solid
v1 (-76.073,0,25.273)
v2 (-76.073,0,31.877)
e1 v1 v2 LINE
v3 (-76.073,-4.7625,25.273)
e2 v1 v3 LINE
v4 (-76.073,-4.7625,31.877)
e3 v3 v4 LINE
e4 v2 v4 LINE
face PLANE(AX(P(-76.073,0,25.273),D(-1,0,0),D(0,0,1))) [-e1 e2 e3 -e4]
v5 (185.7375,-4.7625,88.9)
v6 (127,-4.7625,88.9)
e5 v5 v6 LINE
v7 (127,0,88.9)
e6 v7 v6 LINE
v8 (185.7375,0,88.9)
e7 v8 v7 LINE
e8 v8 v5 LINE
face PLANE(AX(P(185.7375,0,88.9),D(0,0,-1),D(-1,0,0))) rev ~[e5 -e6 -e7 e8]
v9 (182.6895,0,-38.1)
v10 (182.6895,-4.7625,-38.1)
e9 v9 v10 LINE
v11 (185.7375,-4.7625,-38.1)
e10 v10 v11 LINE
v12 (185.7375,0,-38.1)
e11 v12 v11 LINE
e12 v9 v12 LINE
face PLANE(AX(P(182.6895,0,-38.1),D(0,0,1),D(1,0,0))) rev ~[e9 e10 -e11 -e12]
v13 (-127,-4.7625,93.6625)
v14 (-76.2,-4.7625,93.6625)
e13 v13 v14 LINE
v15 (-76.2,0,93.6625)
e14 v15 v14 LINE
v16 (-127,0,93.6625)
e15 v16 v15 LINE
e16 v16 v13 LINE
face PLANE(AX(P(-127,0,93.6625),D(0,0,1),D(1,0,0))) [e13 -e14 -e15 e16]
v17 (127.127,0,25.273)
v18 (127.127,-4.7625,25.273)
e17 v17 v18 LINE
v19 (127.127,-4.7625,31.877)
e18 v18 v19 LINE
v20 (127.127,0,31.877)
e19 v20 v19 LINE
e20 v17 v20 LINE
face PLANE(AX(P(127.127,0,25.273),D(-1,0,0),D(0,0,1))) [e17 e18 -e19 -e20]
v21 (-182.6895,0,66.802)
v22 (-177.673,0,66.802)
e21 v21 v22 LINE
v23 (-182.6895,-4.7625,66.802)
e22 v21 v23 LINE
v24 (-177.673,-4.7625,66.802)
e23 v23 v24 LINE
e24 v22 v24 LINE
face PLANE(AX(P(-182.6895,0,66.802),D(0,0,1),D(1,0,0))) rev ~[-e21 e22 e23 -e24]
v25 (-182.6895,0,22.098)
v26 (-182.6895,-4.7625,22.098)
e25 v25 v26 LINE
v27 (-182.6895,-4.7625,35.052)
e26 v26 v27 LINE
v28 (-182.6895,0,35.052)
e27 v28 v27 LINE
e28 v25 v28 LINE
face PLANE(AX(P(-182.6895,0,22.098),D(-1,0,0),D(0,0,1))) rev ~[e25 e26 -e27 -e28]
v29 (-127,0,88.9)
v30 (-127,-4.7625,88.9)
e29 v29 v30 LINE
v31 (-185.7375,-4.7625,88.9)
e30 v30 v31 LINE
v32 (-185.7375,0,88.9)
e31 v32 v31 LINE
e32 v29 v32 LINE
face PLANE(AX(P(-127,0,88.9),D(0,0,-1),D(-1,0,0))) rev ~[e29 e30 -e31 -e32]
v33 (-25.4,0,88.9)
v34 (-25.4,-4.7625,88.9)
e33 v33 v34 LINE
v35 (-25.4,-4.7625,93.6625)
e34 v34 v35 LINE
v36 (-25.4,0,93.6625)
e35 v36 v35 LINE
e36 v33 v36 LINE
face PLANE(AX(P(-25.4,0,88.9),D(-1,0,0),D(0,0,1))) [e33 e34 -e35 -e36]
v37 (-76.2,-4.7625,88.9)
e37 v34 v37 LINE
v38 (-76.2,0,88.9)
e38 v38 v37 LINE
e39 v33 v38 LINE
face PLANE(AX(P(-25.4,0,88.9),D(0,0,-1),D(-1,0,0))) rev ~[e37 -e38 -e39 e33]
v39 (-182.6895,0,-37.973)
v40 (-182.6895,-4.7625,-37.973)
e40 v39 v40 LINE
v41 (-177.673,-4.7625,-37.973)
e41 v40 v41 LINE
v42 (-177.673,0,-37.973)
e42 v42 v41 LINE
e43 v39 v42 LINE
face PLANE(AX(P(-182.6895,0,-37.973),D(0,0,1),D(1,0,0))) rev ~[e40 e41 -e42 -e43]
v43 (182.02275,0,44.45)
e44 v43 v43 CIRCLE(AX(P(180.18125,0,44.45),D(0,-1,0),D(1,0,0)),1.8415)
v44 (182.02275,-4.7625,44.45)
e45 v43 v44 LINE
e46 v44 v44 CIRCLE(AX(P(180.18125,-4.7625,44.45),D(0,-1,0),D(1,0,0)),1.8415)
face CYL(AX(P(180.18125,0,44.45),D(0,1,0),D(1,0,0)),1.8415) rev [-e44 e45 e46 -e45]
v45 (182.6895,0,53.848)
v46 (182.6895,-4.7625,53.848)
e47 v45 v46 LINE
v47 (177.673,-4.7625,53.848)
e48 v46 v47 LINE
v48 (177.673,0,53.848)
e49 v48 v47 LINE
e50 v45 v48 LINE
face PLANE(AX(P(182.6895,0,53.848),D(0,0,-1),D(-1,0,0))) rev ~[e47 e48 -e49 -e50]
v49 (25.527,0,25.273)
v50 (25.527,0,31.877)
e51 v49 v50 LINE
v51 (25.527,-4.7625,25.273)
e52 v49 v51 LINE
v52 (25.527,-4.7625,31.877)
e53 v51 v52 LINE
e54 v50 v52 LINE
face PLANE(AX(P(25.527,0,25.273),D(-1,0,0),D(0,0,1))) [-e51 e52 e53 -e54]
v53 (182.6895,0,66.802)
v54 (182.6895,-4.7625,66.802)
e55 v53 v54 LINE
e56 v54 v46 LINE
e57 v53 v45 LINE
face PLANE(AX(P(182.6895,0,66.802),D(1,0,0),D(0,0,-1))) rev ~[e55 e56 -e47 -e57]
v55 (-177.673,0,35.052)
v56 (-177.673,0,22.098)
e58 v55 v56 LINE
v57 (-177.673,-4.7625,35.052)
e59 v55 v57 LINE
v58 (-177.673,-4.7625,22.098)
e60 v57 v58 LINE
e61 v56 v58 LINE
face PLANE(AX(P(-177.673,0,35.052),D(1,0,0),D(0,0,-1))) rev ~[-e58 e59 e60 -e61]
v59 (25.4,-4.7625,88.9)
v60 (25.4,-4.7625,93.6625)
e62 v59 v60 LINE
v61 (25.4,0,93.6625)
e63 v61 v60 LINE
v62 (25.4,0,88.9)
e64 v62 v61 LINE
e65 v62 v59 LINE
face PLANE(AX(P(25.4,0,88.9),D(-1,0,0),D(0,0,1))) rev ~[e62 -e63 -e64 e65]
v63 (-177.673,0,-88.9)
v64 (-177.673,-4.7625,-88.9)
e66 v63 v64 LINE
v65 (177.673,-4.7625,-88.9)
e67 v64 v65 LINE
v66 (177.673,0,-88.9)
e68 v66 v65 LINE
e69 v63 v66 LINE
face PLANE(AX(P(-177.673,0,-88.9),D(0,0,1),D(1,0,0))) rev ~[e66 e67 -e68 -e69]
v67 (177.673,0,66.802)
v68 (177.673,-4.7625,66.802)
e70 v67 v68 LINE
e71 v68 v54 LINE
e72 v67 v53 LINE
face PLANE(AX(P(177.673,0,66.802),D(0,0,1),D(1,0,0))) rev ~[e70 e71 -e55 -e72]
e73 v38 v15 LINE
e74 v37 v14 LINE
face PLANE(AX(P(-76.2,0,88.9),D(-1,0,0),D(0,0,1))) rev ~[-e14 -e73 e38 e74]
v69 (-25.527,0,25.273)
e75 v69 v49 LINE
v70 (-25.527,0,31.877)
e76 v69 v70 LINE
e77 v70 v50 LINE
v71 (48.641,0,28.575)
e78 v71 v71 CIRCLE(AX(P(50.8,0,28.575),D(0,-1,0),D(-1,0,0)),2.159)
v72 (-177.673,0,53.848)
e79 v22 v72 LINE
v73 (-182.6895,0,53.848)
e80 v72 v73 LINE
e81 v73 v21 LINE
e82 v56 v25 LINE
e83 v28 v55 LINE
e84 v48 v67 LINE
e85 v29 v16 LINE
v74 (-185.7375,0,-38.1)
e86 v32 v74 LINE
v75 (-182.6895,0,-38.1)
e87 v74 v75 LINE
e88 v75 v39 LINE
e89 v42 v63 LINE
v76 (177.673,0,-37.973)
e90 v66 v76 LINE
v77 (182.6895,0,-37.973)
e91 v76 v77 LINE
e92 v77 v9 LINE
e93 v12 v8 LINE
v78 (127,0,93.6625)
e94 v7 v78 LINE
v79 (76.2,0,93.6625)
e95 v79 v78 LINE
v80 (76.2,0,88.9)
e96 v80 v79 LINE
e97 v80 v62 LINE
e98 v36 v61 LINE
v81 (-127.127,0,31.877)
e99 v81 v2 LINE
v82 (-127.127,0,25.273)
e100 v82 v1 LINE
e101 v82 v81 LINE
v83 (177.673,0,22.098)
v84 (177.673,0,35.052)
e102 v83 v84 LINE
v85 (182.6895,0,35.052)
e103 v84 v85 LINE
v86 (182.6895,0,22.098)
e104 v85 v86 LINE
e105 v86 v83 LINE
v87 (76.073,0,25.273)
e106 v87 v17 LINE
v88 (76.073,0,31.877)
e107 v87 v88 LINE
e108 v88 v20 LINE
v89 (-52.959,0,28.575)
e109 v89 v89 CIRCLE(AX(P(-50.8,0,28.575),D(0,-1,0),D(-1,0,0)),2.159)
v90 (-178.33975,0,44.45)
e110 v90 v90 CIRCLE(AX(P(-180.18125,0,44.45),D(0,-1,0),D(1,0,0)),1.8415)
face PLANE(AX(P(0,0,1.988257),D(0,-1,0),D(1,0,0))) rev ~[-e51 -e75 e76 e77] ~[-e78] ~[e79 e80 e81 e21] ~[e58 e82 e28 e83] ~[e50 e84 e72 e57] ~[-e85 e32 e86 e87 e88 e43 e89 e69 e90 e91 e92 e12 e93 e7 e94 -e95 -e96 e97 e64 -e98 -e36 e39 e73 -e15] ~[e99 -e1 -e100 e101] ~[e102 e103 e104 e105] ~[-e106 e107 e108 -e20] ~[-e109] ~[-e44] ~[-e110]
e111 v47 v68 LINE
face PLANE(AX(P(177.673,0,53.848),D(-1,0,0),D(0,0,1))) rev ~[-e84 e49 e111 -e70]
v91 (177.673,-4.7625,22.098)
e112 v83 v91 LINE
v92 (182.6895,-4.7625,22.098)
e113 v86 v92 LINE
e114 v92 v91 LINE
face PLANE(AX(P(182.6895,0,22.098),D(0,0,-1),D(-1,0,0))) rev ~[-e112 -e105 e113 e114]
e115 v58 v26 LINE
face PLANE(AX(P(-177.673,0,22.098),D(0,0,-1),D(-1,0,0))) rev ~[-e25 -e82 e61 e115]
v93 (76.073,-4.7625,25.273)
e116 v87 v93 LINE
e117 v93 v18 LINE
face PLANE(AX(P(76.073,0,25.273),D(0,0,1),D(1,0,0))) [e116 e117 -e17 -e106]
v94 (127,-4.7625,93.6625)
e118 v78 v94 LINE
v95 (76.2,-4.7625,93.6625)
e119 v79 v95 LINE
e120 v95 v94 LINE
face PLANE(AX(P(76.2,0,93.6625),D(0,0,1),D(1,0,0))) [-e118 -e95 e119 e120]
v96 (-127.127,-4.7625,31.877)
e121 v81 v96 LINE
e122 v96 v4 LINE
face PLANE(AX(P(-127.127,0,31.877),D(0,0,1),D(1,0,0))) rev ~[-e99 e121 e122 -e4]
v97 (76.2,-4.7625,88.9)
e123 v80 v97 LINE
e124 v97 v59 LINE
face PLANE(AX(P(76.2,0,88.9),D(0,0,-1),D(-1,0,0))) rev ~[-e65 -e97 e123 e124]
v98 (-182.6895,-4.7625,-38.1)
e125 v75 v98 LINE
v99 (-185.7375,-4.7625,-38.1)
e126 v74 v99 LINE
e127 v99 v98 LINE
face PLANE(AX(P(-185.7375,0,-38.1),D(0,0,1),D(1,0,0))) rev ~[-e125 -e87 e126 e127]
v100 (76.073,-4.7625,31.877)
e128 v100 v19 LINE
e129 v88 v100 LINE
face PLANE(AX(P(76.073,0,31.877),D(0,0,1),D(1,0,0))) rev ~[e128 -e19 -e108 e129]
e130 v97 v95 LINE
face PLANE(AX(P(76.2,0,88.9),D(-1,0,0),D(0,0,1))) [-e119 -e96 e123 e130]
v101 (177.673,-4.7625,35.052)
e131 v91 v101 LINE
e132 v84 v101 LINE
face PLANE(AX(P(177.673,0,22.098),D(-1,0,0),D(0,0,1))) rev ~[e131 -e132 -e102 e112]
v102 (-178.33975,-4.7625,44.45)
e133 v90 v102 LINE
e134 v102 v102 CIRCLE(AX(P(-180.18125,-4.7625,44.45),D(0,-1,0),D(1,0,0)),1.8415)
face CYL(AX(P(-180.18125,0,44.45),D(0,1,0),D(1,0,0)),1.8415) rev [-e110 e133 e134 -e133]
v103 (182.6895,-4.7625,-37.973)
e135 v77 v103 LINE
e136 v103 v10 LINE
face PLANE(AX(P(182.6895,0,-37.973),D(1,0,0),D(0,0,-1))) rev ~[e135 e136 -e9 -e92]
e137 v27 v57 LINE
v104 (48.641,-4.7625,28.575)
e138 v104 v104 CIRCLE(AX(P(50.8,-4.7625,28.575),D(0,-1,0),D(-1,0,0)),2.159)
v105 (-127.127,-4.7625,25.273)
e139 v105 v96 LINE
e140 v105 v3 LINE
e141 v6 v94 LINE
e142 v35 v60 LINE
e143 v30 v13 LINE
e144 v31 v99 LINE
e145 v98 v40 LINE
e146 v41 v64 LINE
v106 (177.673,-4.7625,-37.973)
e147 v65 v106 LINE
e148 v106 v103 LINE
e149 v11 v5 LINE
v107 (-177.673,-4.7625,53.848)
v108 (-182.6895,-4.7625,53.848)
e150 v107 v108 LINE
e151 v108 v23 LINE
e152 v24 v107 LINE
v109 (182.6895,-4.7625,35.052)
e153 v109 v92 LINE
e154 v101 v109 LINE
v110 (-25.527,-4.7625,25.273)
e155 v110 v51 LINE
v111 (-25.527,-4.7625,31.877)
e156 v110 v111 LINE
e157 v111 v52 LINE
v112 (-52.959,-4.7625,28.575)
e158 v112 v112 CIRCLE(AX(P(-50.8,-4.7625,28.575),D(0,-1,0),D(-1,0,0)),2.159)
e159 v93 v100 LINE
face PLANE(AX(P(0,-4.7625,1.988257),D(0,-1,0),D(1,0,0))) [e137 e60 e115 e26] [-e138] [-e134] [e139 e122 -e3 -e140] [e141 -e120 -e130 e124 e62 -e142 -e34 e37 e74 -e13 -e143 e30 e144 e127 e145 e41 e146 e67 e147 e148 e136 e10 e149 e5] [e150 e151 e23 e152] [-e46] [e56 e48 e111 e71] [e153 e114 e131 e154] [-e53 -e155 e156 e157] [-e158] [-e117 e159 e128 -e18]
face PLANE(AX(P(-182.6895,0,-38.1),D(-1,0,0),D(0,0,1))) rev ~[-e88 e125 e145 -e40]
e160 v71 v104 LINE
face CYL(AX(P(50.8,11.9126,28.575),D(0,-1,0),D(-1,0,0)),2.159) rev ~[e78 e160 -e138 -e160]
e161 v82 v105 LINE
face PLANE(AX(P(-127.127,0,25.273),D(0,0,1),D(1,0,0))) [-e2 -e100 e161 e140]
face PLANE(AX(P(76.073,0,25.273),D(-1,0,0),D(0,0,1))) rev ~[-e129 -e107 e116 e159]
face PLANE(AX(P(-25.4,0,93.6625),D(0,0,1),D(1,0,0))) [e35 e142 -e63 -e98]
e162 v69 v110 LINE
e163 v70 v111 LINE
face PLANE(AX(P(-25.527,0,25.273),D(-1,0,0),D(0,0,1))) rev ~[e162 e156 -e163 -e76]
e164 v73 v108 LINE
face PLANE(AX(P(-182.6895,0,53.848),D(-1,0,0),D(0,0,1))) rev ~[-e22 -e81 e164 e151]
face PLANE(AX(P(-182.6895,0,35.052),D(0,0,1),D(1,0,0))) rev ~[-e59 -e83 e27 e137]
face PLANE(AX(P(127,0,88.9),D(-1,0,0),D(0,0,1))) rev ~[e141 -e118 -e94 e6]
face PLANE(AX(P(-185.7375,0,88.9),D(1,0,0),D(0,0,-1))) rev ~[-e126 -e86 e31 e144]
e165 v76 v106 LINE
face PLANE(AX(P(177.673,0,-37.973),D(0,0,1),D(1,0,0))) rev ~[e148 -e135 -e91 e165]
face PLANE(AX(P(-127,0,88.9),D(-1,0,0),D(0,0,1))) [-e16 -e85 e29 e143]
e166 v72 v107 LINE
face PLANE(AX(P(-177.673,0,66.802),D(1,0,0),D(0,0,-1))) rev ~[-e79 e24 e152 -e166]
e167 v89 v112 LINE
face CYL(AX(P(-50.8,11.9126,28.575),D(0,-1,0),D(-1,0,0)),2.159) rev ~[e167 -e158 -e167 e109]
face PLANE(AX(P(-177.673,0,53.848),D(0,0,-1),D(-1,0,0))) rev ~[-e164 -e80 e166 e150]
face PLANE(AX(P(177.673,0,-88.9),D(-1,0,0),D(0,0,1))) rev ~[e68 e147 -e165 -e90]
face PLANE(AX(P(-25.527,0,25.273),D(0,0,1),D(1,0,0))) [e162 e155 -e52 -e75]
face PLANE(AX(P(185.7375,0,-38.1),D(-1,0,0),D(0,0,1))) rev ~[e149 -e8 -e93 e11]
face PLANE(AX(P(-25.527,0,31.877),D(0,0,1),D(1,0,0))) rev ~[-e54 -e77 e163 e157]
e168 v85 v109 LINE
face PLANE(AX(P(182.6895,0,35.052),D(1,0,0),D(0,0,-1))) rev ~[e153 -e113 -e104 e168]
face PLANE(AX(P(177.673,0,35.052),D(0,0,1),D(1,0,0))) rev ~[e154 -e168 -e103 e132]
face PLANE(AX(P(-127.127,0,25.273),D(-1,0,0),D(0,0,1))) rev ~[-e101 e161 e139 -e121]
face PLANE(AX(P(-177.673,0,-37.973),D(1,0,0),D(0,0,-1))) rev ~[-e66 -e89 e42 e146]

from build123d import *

# Parameters (mm, degrees)
F0_R     = 1.8415
F0_W     = 51.054
F0_H     = 6.604
F0_W_2   = 50.8
F0_H_2   = 4.7625
F1_DEPTH = 4.7625
F2_D     = 4.318
F2_DEPTH = 11.9126
F2_TIP   = 1.2972580765


with BuildPart() as f1:
    # F0 (on Front) → F1 (new body)
    with BuildSketch(Plane.XZ):
        Polygon((-127, 88.9), (-182.5625, 88.9), (-182.5625, 66.802), (-177.673, 66.802), (-177.673, 53.848), (-182.5625, 53.848), (-182.5625, 35.052), (-177.673, 35.052), (-177.673, 22.098), (-182.5625, 22.098), (-182.5625, -37.973), (-177.673, -37.973), (-177.673, -88.9), (177.673, -88.9), (177.673, -37.973), (182.5625, -37.973), (182.5625, 22.098), (177.673, 22.098), (177.673, 35.052), (182.5625, 35.052), (182.5625, 53.848), (177.673, 53.848), (177.673, 66.802), (182.5625, 66.802), (182.5625, 88.9), (127, 88.9), (76.2, 88.9), (25.4, 88.9), (-25.4, 88.9), (-76.2, 88.9), align=None)
        with Locations((-180.18125, 44.45)):
            Circle(F0_R, mode=Mode.SUBTRACT)
        with Locations((-101.6, 28.575)):
            Rectangle(F0_W, F0_H, mode=Mode.SUBTRACT)
        with Locations((0, 28.575)):
            Rectangle(F0_W, F0_H, mode=Mode.SUBTRACT)
        with Locations((101.6, 28.575)):
            Rectangle(F0_W, F0_H, mode=Mode.SUBTRACT)
        with Locations((180.18125, 44.45)):
            Circle(F0_R, mode=Mode.SUBTRACT)
        with Locations((-101.6, 91.28125)):
            Rectangle(F0_W_2, F0_H_2)
        with Locations((0, 91.28125)):
            Rectangle(F0_W_2, F0_H_2)
        with Locations((101.6, 91.28125)):
            Rectangle(F0_W_2, F0_H_2)
        Polygon((-182.5625, 66.802), (-182.5625, 88.9), (-185.7375, 88.9), (-185.7375, -38.1), (-182.6895, -38.1), (-182.6895, -37.973), (-182.5625, -37.973), (-182.5625, 22.098), (-182.6895, 22.098), (-182.6895, 35.052), (-182.5625, 35.052), (-182.5625, 53.848), (-182.6895, 53.848), (-182.6895, 66.802), align=None)
        Polygon((185.7375, 88.9), (182.5625, 88.9), (182.5625, 66.802), (182.6895, 66.802), (182.6895, 53.848), (182.5625, 53.848), (182.5625, 35.052), (182.6895, 35.052), (182.6895, 22.098), (182.5625, 22.098), (182.5625, -37.973), (182.6895, -37.973), (182.6895, -38.1), (185.7375, -38.1), align=None)
    extrude(amount=F1_DEPTH)

    # F2
    with Locations(Plane(origin=(0, 0, 0), x_dir=(1, 0, 0), z_dir=(0, 1, 0))):
        with Locations((-50.8, -28.575), (50.8, -28.575)):
            Hole(F2_D / 2, depth=F2_DEPTH)
            with Locations((0, 0, -(F2_DEPTH + F2_TIP / 2))):  # 118° drill point
                Cone(0, F2_D / 2, F2_TIP, mode=Mode.SUBTRACT)


solid = f1.part
